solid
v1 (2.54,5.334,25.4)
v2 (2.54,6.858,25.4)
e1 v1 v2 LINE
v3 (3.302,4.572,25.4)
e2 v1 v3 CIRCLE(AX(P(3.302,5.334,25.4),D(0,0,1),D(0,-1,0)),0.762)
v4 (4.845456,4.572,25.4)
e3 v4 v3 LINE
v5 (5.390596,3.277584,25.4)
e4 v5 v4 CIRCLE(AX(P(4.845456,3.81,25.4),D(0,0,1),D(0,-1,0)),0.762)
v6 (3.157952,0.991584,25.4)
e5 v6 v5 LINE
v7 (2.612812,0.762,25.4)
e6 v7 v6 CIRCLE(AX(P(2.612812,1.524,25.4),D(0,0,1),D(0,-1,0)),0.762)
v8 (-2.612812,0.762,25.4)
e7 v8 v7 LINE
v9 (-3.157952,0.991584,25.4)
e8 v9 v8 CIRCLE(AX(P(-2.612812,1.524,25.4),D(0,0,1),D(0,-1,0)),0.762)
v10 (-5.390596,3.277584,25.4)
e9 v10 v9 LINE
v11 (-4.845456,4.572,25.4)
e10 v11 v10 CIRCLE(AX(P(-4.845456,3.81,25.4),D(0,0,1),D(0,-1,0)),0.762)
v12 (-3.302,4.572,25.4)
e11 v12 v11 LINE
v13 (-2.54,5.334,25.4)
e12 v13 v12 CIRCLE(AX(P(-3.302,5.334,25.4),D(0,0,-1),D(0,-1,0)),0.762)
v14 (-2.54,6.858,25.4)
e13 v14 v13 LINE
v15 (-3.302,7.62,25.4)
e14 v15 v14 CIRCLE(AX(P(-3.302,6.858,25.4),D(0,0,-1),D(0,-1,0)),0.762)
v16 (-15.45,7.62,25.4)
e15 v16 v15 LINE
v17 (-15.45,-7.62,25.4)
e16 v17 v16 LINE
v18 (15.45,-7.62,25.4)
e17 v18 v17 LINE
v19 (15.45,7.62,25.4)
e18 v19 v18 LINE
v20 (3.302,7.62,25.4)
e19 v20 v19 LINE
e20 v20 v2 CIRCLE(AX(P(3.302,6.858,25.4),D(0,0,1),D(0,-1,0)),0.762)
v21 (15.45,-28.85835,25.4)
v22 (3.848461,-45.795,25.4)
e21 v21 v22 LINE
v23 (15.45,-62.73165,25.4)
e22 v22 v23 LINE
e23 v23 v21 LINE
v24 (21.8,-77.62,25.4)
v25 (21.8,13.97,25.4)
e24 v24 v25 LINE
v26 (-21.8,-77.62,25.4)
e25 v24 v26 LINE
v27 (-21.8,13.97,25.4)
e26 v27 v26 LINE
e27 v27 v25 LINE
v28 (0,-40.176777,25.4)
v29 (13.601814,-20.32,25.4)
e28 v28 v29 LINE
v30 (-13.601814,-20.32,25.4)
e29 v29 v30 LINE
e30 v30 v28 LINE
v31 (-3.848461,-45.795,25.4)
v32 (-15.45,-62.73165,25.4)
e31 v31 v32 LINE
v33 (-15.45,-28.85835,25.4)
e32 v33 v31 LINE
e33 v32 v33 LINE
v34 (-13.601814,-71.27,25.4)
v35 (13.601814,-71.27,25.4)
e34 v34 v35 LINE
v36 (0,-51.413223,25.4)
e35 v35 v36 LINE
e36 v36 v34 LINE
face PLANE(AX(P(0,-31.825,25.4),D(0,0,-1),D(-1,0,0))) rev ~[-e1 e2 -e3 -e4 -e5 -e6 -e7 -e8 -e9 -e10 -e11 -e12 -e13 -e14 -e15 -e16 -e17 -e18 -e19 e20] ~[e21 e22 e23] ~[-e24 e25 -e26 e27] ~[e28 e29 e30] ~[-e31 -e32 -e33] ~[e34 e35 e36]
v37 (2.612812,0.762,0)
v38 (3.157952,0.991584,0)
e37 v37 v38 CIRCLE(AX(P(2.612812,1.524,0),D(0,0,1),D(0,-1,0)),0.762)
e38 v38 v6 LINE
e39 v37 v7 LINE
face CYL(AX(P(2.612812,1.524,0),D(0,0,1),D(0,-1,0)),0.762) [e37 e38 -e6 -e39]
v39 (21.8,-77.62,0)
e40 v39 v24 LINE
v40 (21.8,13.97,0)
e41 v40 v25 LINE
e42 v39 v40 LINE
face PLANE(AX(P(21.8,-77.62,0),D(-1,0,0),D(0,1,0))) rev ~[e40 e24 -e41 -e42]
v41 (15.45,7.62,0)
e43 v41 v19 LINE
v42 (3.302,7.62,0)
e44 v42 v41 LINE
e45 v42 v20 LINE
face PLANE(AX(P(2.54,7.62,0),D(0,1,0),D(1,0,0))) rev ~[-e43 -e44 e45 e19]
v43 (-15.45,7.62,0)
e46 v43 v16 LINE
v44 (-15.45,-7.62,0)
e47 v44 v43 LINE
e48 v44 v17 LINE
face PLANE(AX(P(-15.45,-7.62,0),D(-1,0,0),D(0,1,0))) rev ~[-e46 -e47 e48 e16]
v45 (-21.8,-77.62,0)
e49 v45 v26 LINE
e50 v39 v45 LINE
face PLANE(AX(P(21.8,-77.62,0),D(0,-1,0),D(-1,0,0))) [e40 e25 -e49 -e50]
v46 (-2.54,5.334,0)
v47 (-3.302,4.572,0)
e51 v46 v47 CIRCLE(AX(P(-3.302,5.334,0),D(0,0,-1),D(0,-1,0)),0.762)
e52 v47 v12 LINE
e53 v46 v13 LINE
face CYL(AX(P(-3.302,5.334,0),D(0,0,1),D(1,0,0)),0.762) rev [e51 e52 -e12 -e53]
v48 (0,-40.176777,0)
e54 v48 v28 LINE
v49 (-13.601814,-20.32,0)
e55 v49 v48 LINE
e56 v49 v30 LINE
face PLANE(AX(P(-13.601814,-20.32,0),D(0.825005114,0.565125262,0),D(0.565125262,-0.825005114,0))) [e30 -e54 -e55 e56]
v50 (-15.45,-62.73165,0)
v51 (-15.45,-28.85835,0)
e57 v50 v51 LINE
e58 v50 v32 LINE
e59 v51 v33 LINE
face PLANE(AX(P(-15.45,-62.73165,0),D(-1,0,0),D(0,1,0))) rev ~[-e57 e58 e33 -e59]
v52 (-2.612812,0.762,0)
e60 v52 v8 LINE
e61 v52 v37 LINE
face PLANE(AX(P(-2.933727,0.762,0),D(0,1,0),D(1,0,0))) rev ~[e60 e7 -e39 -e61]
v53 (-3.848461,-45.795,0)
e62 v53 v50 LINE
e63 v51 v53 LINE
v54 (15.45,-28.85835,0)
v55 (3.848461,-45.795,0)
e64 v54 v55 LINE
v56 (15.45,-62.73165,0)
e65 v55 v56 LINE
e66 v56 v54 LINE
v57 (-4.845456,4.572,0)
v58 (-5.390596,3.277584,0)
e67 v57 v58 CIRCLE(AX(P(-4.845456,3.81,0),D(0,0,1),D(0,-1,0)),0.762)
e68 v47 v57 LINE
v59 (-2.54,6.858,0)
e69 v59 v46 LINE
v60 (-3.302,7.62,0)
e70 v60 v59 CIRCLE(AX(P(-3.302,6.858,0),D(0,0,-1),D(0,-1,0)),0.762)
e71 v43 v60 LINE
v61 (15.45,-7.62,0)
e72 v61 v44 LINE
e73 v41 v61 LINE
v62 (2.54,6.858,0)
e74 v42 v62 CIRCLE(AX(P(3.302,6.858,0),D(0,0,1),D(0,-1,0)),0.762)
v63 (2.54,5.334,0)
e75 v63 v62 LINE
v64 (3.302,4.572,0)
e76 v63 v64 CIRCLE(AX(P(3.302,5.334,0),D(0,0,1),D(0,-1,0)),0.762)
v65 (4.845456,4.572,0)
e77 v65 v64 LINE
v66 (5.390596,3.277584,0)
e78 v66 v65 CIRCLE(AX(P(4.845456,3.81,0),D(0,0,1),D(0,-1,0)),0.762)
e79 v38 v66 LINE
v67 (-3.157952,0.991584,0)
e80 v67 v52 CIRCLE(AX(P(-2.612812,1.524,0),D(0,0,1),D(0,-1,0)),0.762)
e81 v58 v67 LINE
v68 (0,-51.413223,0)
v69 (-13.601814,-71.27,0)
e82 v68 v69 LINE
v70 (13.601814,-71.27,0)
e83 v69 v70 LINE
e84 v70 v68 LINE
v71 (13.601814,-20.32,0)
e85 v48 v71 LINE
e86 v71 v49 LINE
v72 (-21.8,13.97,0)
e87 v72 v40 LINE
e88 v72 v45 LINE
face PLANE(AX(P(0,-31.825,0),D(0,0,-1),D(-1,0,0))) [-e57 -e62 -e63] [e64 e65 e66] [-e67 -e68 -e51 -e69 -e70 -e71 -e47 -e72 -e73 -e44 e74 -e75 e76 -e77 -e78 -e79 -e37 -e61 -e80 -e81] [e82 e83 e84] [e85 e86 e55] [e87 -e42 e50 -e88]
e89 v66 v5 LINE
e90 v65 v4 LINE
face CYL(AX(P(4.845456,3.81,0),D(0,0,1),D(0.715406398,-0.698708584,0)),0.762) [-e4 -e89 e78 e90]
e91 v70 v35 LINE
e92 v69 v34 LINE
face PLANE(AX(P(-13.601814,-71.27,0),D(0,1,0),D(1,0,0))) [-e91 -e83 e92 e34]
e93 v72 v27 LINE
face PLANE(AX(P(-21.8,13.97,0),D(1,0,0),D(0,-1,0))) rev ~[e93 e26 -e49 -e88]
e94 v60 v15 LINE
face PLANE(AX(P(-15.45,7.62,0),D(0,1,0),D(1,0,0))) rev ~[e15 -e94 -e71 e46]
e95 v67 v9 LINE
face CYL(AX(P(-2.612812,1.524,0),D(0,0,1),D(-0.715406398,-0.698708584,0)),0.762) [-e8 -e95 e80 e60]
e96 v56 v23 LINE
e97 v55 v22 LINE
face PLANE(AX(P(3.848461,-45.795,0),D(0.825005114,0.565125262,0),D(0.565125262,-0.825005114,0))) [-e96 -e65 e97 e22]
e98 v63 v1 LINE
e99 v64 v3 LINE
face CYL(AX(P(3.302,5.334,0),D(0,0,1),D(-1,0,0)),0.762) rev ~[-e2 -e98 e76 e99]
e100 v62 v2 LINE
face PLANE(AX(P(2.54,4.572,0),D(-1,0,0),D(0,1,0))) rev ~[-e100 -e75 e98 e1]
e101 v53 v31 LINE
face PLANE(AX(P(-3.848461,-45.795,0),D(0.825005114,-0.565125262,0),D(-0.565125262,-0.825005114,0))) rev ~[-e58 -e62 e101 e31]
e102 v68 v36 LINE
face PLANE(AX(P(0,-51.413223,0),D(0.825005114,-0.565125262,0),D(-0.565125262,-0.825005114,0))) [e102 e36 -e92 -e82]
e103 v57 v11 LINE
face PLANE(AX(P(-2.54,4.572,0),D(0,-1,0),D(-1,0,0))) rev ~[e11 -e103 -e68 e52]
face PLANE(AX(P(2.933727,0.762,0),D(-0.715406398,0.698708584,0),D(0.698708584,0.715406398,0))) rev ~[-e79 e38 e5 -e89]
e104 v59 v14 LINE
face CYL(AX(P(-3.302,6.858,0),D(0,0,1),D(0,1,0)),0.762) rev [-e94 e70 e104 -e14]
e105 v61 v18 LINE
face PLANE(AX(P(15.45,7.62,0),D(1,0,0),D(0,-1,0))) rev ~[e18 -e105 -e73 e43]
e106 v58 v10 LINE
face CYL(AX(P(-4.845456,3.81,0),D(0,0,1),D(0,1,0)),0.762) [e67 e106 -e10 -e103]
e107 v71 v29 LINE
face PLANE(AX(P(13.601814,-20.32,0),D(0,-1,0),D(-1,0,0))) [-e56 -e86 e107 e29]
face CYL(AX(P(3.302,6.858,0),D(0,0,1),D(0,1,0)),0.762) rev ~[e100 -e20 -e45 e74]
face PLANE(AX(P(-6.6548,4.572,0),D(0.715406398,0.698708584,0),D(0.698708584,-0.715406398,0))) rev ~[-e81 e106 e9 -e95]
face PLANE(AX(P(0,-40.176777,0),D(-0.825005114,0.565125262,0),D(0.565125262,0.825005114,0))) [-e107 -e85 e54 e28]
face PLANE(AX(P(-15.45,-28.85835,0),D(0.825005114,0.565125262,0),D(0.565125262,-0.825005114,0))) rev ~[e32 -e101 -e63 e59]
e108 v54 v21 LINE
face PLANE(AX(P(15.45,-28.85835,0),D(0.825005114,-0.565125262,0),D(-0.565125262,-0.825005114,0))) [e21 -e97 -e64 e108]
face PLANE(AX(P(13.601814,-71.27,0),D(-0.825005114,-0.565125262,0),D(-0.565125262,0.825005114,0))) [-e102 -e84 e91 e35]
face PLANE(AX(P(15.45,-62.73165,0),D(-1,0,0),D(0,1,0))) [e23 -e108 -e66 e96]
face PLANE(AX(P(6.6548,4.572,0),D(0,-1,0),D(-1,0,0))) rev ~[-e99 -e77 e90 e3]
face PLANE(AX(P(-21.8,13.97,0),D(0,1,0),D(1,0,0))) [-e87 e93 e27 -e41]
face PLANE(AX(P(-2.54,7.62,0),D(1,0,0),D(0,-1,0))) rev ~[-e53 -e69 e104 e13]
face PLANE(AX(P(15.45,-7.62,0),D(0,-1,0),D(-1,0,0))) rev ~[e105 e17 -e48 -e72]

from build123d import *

# Parameters (mm, degrees)
BOSS_EXTRUDE1_DEPTH = 25.4
FILLET1_R           = 0.762


with BuildPart() as part:
    # Sketch1 → Boss-Extrude1 (new body)
    with BuildSketch(Plane.XY):
        Polygon((-21.799999961, -13.97), (-21.799999961, 13.97), (21.799999961, 13.97), (21.799999961, -13.97), (21.799999961, -77.619999954), (-21.799999961, -77.619999954), align=None)
        Polygon((-15.449999961, 7.62), (-2.54, 7.62), (-2.54, 4.572), (-6.6548, 4.572), (-2.933726616, 0.762), (2.933726616, 0.762), (6.6548, 4.572), (2.54, 4.572), (2.54, 7.62), (15.449999961, 7.62), (15.449999961, -7.62), (-15.449999961, -7.62), align=None, mode=Mode.SUBTRACT)
        Polygon((-13.601813914, -20.32), (0, -40.176776526), (13.601813914, -20.32), align=None, mode=Mode.SUBTRACT)
        Polygon((15.449999961, -28.858349607), (3.848460993, -45.794999977), (15.449999961, -62.731650347), align=None, mode=Mode.SUBTRACT)
        Polygon((-3.848460993, -45.794999977), (-15.449999961, -62.731650347), (-15.449999961, -28.858349607), align=None, mode=Mode.SUBTRACT)
        Polygon((0, -51.413223428), (-13.601813914, -71.269999954), (13.601813914, -71.269999954), align=None, mode=Mode.SUBTRACT)
    extrude(amount=BOSS_EXTRUDE1_DEPTH)

    # Fillet1
    fillet1_edges = [part.edges().sort_by_distance(p)[0] for p in [
        (2.54, 7.62, 12.7),
        (2.54, 4.572, 12.7),
        (6.6548, 4.572, 12.7),
        (2.933726616, 0.762, 12.7),
        (-2.933726616, 0.762, 12.7),
        (-6.6548, 4.572, 12.7),
        (-2.54, 4.572, 12.7),
        (-2.54, 7.62, 12.7),
    ]]
    fillet(fillet1_edges, radius=FILLET1_R)


solid = part.part
